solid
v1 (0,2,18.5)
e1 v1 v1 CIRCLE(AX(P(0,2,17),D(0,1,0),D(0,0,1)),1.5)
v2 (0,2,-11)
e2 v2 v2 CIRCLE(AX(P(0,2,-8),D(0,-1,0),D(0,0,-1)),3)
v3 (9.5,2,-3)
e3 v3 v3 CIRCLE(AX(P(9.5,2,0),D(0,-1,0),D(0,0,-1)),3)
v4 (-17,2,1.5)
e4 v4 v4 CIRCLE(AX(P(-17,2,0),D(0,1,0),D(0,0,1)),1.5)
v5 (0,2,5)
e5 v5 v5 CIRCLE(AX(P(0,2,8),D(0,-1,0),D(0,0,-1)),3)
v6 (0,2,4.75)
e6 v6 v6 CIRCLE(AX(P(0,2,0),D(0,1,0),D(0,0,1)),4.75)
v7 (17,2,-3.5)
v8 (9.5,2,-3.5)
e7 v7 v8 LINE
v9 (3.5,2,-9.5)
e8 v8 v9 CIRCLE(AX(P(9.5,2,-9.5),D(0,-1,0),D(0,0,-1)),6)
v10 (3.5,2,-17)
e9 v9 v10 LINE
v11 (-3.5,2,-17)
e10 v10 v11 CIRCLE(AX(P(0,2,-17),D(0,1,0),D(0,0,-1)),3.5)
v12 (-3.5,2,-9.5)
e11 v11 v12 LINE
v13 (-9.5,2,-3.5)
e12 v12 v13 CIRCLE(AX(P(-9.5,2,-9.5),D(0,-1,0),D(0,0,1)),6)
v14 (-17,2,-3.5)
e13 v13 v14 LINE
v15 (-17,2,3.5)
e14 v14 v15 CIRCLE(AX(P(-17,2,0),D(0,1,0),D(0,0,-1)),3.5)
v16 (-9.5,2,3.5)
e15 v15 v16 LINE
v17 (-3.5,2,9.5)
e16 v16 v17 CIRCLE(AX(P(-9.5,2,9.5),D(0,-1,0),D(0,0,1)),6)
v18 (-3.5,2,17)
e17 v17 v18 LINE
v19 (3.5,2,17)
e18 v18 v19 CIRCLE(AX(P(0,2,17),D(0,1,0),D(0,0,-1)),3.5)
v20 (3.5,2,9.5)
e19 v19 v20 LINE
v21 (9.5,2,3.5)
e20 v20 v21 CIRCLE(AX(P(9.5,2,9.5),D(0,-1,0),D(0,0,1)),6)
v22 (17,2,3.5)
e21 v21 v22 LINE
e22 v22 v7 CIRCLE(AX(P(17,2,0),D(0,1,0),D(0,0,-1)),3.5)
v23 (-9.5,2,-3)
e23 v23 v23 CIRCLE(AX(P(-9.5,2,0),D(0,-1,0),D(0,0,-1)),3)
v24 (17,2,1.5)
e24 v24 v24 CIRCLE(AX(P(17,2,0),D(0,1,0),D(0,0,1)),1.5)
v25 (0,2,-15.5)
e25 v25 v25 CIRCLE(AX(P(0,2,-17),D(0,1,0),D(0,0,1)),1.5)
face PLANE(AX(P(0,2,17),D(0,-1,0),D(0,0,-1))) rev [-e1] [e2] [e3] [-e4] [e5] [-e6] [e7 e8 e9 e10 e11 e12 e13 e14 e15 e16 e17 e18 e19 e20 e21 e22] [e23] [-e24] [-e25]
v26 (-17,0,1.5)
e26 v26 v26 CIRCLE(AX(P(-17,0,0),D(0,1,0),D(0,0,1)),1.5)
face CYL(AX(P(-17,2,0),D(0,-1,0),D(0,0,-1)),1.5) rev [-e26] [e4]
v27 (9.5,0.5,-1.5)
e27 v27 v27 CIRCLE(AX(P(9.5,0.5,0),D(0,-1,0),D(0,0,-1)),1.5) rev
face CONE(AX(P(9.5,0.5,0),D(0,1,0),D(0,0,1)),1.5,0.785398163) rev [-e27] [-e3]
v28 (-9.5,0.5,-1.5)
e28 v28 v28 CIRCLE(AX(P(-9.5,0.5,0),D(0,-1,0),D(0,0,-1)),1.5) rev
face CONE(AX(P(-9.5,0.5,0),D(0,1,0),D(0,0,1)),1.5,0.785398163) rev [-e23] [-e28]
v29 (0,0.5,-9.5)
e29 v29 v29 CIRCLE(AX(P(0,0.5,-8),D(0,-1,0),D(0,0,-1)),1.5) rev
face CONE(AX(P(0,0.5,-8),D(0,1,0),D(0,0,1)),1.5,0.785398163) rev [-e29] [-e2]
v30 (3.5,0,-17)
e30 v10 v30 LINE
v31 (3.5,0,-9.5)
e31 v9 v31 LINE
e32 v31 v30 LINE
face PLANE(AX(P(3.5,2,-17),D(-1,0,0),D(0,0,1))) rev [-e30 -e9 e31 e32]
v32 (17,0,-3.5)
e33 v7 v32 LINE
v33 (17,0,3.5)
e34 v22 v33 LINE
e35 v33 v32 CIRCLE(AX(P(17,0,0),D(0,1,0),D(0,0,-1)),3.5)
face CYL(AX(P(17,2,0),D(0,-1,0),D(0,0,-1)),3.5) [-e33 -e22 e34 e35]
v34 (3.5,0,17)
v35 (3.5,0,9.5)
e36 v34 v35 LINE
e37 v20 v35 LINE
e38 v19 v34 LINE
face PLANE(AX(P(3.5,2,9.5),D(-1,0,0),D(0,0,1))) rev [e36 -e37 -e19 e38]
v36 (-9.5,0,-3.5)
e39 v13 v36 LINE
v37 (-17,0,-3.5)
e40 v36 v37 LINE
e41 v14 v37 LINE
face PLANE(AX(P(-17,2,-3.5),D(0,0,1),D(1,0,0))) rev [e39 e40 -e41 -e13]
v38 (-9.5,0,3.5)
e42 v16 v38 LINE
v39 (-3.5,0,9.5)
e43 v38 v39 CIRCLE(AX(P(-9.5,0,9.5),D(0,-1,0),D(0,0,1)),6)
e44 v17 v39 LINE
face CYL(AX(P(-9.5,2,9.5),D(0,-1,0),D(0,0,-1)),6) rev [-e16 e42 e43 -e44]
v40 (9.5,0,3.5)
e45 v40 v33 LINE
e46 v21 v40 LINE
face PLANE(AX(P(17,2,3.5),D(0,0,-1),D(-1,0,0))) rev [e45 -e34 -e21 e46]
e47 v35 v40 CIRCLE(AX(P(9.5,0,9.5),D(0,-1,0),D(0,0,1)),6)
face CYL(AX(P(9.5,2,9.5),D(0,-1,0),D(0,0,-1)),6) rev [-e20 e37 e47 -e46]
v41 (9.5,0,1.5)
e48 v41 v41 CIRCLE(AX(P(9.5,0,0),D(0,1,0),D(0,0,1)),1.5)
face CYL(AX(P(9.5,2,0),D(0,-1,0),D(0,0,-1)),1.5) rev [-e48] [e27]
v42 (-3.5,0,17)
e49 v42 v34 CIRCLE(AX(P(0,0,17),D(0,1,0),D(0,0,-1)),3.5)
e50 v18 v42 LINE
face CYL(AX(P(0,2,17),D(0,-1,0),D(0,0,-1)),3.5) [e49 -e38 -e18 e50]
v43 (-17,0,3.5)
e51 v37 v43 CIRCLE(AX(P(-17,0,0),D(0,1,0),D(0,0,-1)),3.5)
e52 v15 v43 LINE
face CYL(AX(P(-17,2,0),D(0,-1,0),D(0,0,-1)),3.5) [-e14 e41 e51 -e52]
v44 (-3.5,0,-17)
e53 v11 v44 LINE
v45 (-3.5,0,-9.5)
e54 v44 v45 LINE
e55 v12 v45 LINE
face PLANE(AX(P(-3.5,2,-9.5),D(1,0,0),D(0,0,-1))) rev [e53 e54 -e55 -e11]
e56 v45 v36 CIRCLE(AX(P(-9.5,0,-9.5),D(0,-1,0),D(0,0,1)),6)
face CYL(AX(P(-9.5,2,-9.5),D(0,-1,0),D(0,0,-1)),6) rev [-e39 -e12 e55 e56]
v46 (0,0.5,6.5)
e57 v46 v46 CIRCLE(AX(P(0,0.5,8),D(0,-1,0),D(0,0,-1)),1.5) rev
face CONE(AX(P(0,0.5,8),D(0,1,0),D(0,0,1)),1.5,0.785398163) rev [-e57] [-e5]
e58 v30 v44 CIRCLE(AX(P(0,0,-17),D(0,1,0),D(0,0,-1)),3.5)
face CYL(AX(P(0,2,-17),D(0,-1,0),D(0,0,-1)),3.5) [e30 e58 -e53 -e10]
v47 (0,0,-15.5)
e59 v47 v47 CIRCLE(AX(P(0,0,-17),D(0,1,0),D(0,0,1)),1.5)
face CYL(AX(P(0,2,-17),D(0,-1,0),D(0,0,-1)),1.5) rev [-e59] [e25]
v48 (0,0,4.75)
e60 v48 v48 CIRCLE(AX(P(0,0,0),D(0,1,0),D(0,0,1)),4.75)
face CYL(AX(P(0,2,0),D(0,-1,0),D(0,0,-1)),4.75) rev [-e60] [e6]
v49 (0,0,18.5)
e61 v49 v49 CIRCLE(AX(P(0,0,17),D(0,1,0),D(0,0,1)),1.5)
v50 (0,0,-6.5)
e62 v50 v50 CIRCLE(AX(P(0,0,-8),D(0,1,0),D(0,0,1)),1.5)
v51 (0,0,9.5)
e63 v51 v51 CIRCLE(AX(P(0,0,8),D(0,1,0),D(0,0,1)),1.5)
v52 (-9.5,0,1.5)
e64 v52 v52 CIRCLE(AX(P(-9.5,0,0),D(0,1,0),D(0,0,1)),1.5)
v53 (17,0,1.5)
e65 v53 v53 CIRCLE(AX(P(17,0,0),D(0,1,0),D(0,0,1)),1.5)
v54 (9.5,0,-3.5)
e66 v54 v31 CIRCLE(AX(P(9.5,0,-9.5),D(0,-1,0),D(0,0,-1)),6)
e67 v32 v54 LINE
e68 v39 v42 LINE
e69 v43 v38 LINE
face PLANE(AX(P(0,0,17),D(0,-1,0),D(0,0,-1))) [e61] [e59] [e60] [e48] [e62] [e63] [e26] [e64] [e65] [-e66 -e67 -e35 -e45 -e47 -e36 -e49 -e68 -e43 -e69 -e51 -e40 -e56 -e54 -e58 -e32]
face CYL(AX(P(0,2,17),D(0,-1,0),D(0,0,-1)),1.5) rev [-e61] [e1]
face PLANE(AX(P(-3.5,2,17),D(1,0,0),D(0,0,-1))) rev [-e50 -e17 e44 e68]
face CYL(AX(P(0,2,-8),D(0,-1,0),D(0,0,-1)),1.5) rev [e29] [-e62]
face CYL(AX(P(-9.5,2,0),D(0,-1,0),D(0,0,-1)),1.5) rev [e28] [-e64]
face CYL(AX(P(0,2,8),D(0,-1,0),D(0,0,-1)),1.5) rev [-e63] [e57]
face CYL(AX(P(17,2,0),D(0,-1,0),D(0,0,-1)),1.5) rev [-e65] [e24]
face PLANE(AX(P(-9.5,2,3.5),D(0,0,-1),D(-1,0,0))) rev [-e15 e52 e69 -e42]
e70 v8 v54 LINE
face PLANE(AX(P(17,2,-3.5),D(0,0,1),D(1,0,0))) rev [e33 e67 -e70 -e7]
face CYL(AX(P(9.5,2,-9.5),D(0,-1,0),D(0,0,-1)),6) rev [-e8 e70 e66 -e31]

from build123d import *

# Parameters (mm, degrees)
SKETCH1_R           = 4.75
SKETCH1_R_2         = 1.5
BOSS_EXTRUDE1_DEPTH = 2
CHAMFER1_SIZE       = 1.5


with BuildPart() as part:
    # Sketch1 → Boss-Extrude1 (new body)
    with BuildSketch(Plane(origin=(0, 0, 0), x_dir=(1, 0, 0), z_dir=(0, 1, 0))):
        with BuildLine():
            Line((3.5, 17), (3.5, 9.5))
            ThreePointArc((3.5, 9.5), (5.257359313, 5.257359313), (9.5, 3.5))
            Line((9.5, 3.5), (17, 3.5))
            ThreePointArc((17, 3.5), (20.5, 0), (17, -3.5))
            Line((17, -3.5), (9.5, -3.5))
            ThreePointArc((9.5, -3.5), (5.257359313, -5.257359313), (3.5, -9.5))
            Line((3.5, -9.5), (3.5, -17))
            ThreePointArc((3.5, -17), (0, -20.5), (-3.5, -17))
            Line((-3.5, -17), (-3.5, -9.5))
            ThreePointArc((-3.5, -9.5), (-5.257359313, -5.257359313), (-9.5, -3.5))
            Line((-9.5, -3.5), (-17, -3.5))
            ThreePointArc((-17, -3.5), (-20.5, 0), (-17, 3.5))
            Line((-17, 3.5), (-9.5, 3.5))
            ThreePointArc((-9.5, 3.5), (-5.257359313, 5.257359313), (-3.5, 9.5))
            Line((-3.5, 9.5), (-3.5, 17))
            ThreePointArc((-3.5, 17), (0, 20.5), (3.5, 17))
        make_face()
        Circle(SKETCH1_R, mode=Mode.SUBTRACT)
        with Locations((0, 8)):
            Circle(SKETCH1_R_2, mode=Mode.SUBTRACT)
        with Locations((0, 17)):
            Circle(SKETCH1_R_2, mode=Mode.SUBTRACT)
        with Locations((17, 0)):
            Circle(SKETCH1_R_2, mode=Mode.SUBTRACT)
        with Locations((9.5, 0)):
            Circle(SKETCH1_R_2, mode=Mode.SUBTRACT)
        with Locations((0, -17)):
            Circle(SKETCH1_R_2, mode=Mode.SUBTRACT)
        with Locations((0, -8)):
            Circle(SKETCH1_R_2, mode=Mode.SUBTRACT)
        with Locations((-17, 0)):
            Circle(SKETCH1_R_2, mode=Mode.SUBTRACT)
        with Locations((-9.5, 0)):
            Circle(SKETCH1_R_2, mode=Mode.SUBTRACT)
    extrude(amount=BOSS_EXTRUDE1_DEPTH)

    # Chamfer1
    chamfer1_edges = [part.edges().sort_by_distance(p)[0] for p in [
        (-1.5, 2, -8),
        (8, 2, 0),
        (-1.5, 2, 8),
        (-11, 2, 0),
    ]]
    chamfer(chamfer1_edges, length=CHAMFER1_SIZE)


solid = part.part
